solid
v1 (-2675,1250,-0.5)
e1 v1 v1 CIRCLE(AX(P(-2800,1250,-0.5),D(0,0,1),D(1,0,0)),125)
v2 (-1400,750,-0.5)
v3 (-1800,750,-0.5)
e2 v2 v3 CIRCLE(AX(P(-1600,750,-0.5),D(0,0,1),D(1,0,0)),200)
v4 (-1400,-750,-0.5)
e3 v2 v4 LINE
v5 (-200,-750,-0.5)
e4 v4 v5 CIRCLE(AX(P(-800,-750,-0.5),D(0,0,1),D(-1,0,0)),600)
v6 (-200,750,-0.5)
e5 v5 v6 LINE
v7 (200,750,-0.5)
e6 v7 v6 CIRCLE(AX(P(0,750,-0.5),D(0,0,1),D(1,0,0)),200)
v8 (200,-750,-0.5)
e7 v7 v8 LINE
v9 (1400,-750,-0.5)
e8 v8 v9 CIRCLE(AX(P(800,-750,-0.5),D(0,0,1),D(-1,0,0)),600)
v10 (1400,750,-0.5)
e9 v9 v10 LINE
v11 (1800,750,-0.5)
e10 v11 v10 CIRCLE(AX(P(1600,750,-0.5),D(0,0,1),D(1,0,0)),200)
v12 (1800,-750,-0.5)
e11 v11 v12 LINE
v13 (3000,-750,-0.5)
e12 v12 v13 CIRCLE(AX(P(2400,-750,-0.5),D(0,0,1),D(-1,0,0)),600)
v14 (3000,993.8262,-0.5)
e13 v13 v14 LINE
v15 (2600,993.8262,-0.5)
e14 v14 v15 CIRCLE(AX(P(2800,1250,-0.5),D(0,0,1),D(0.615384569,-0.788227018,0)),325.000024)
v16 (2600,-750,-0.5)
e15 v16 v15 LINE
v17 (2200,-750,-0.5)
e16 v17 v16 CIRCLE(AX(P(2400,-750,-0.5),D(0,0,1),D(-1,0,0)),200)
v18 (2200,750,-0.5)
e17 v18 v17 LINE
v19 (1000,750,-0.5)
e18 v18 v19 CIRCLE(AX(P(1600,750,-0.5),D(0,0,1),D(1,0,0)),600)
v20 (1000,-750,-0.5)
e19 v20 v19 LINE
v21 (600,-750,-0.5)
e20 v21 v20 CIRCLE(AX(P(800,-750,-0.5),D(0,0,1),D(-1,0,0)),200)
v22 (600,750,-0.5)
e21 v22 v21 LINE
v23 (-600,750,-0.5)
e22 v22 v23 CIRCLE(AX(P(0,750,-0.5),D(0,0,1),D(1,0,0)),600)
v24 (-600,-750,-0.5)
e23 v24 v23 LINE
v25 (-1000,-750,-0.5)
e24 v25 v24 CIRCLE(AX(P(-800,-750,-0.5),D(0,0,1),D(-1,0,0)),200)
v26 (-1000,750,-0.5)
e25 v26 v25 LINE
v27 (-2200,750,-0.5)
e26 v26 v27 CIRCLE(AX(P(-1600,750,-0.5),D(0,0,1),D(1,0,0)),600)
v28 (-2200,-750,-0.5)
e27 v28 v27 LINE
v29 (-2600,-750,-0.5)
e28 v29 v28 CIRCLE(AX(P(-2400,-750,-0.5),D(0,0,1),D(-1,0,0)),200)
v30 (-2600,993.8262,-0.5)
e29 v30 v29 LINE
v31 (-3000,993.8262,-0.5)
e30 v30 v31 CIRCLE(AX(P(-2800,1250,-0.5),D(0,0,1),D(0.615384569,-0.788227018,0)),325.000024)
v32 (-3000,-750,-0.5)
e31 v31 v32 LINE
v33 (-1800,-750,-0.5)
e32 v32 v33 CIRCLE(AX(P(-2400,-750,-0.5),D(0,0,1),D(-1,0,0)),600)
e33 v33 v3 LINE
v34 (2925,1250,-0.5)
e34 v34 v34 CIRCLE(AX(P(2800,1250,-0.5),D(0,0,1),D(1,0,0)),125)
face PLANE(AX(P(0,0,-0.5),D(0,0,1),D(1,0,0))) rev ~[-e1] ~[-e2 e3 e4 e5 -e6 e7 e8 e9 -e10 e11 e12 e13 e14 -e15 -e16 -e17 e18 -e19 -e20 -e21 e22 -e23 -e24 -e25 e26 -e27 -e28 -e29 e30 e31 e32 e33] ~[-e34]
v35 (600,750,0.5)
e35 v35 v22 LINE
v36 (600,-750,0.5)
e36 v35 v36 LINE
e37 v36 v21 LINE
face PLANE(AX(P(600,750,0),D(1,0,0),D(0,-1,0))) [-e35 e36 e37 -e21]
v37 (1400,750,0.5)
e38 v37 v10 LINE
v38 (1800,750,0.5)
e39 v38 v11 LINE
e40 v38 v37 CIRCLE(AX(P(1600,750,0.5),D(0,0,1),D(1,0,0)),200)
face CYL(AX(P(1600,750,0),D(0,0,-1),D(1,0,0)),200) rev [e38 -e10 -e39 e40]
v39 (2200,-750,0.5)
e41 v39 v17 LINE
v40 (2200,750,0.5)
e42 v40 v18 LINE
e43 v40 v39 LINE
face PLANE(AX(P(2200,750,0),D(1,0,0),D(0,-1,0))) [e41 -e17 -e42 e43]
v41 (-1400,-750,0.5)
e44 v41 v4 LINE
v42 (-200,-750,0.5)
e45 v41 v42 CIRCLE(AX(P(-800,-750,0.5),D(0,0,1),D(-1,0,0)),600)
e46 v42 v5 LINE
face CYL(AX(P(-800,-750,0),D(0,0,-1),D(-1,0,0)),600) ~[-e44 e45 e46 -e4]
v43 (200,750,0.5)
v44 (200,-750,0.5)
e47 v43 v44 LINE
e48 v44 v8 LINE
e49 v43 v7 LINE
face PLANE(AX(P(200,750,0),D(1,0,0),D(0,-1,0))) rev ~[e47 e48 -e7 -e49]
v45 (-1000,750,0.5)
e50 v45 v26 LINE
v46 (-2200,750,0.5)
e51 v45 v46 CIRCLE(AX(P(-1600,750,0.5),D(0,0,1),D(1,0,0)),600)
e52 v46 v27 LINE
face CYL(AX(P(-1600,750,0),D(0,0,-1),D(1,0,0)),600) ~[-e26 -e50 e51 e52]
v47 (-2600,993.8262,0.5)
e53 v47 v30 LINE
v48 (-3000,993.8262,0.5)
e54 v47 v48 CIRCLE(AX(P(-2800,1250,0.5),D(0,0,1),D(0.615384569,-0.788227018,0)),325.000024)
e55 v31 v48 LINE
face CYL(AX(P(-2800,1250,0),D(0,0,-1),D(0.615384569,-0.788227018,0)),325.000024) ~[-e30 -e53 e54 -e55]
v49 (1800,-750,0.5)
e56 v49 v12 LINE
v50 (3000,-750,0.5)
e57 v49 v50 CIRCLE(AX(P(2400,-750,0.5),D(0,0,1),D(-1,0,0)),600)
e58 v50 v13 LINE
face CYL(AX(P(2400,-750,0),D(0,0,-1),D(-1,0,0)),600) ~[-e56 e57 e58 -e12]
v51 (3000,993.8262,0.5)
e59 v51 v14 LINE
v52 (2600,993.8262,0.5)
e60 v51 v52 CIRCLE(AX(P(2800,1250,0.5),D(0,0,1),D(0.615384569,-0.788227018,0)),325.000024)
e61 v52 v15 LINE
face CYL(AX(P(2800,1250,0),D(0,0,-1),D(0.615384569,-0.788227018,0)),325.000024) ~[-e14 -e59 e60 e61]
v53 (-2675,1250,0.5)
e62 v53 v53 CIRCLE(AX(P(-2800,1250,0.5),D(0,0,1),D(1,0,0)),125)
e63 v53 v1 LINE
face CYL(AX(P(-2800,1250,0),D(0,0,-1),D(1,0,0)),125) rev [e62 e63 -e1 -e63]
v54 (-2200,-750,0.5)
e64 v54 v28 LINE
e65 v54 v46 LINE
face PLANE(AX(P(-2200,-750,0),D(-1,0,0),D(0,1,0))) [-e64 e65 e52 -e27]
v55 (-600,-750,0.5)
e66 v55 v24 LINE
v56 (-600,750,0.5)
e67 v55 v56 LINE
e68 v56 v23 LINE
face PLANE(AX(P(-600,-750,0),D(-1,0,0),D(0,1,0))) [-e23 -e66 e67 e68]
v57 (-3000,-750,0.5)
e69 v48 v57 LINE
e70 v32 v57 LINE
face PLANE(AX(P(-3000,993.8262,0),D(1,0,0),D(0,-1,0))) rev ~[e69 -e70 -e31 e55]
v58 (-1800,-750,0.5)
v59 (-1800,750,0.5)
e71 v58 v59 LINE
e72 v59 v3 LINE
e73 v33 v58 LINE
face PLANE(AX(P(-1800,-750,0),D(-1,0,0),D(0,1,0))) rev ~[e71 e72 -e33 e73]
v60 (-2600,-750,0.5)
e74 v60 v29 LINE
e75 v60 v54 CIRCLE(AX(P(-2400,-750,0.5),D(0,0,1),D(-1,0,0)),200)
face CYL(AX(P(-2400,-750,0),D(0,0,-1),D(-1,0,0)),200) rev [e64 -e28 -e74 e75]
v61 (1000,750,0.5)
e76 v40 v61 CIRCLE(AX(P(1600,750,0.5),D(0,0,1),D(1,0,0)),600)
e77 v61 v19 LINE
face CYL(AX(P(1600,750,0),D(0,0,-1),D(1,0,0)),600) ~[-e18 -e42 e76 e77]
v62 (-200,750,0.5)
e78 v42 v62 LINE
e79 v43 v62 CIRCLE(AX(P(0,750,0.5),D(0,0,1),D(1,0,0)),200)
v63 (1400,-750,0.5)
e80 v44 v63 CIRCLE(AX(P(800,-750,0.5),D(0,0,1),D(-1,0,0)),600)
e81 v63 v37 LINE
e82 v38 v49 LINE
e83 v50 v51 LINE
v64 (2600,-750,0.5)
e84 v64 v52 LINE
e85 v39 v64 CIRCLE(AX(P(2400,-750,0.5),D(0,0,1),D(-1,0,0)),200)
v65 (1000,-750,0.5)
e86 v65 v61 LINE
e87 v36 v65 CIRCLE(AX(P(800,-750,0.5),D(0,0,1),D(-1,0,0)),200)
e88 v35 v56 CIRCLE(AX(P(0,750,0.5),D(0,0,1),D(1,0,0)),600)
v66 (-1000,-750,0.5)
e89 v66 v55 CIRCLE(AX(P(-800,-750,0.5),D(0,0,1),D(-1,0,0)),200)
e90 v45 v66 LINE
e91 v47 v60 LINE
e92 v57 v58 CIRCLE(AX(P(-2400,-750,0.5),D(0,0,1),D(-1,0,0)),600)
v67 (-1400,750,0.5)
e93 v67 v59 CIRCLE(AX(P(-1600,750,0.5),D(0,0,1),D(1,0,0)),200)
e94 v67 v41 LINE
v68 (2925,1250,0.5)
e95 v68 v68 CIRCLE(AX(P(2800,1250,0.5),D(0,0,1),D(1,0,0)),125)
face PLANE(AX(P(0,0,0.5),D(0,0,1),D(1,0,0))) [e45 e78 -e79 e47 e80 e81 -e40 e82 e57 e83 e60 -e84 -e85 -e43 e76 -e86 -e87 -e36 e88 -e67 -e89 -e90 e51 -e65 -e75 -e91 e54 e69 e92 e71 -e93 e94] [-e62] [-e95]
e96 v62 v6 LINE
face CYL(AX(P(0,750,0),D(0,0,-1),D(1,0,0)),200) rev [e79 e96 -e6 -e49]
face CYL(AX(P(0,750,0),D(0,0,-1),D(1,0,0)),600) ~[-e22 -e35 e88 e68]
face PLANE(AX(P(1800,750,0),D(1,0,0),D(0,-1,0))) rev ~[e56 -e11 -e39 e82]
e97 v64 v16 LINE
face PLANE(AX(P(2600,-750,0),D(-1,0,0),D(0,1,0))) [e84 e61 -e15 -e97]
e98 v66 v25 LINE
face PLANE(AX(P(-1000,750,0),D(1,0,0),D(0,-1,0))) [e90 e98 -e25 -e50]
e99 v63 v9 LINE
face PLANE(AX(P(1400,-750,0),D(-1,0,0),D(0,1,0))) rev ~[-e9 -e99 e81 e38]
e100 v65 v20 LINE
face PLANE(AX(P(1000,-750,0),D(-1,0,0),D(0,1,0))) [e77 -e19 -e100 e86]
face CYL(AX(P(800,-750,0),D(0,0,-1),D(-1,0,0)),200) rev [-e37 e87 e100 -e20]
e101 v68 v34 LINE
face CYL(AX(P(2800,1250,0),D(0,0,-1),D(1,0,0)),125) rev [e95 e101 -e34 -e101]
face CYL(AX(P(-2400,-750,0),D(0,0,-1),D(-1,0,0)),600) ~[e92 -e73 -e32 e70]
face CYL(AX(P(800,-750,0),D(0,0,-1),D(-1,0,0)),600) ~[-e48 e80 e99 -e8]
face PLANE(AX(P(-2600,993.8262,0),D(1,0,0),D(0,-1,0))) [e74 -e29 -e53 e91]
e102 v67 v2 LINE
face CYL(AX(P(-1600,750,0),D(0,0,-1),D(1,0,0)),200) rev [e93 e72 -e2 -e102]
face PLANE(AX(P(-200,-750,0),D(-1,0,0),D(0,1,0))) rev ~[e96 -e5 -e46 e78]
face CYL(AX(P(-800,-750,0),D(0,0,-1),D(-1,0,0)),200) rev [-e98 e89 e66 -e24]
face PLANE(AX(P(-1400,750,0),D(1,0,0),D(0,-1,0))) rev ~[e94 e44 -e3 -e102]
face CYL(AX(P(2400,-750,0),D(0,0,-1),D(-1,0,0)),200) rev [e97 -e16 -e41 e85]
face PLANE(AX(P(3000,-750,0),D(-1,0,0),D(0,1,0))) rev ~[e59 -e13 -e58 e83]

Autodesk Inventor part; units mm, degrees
ref_plane "YZ Plane" through (0, 0, 0) normal (1, 0, 0) x (0, 1, 0)
ref_plane "XZ Plane" through (0, 0, 0) normal (0, 1, 0) x (-1, 0, 0)
ref_plane "XY Plane" through (0, 0, 0) normal (0, 0, 1) x (1, 0, 0)
sketch "Sketch1" plane through (0, 0, 0) normal (0, 0, 1) x (1, 0, 0)
  circle A0 centre (-2800, 1250) radius 325 construction
  line L0 (-2800, 1250) -> (-2800, -750) construction
  line L1 (-3000, 993.8262) -> (-3000, -750)
  line L2 (-2600, 993.8262) -> (-2600, -750)
  circle A1 centre (-2400, -750) radius 200 construction
  arc A2 (-2600, -750) -> (-2200, -750) centre (-2400, -750) ccw
  circle A3 centre (-2400, -750) radius 600 construction
  arc A4 (-3000, -750) -> (-1800, -750) centre (-2400, -750) ccw
  line L3 (-2200, -750) -> (-2200, 750)
  line L4 (-1800, -750) -> (-1800, 750)
  circle A5 centre (-1600, 750) radius 200 construction
  arc A6 (-1400, 750) -> (-1800, 750) centre (-1600, 750) ccw
  circle A7 centre (-1600, 750) radius 600 construction
  arc A8 (-1000, 750) -> (-2200, 750) centre (-1600, 750) ccw
  line L5 (-1400, 750) -> (-1400, -750)
  line L6 (-1000, 750) -> (-1000, -750)
  circle A9 centre (-800, -750) radius 200 construction
  arc A10 (-1000, -750) -> (-600, -750) centre (-800, -750) ccw
  circle A11 centre (-800, -750) radius 600 construction
  arc A12 (-1400, -750) -> (-200, -750) centre (-800, -750) ccw
  line L7 (-600, -750) -> (-600, 750)
  line L8 (-200, -750) -> (-200, 750)
  arc A13 (600, 750) -> (-600, 750) centre (0, 750) ccw
  arc A14 (200, 750) -> (-200, 750) centre (0, 750) ccw
  line L9 (200, 750) -> (200, -750)
  line L10 (600, 750) -> (600, -750)
  arc A15 (200, -750) -> (1400, -750) centre (800, -750) ccw
  arc A16 (600, -750) -> (1000, -750) centre (800, -750) ccw
  line L11 (1000, -750) -> (1000, 750)
  line L12 (1400, -750) -> (1400, 750)
  arc A17 (2200, 750) -> (1000, 750) centre (1600, 750) ccw
  arc A18 (1800, 750) -> (1400, 750) centre (1600, 750) ccw
  line L13 (1800, 750) -> (1800, -750)
  line L14 (2200, 750) -> (2200, -750)
  arc A19 (1800, -750) -> (3000, -750) centre (2400, -750) ccw
  arc A20 (2200, -750) -> (2600, -750) centre (2400, -750) ccw
  line L15 (2600, -750) -> (2600, 993.8262)
  line L16 (3000, -750) -> (3000, 993.8262)
  circle A21 centre (2800, 1250) radius 325 construction
  arc A22 (-2600, 993.8262) -> (-3000, 993.8262) centre (-2800, 1250) ccw
  arc A23 (3000, 993.8262) -> (2600, 993.8262) centre (2800, 1250) ccw
  circle A24 centre (2800, 1250) radius 125
  circle A25 centre (-2800, 1250) radius 125
  line L17 (-2800, 1250) -> (2800, 1250) construction
  line L18 (-1600, 750) -> (-2400, -750) construction
  point P0 (0, 0)
  point P1 (0, 1250)
  point P2 (-2000, 0)
  dimension "d24" = 400
  dimension "d21" = 200
  dimension "d23" = 2000
  dimension "d25" = 1500
  dimension "d32" = 250
  dimension "d33" = 200
extrude "Extrusion1" add sketch "Sketch1" along normal mid plane 1
equation "\"d24\" = 2 * d21"
equation "\"d33\" = d21"
properties part number "sensor-0002-001"
